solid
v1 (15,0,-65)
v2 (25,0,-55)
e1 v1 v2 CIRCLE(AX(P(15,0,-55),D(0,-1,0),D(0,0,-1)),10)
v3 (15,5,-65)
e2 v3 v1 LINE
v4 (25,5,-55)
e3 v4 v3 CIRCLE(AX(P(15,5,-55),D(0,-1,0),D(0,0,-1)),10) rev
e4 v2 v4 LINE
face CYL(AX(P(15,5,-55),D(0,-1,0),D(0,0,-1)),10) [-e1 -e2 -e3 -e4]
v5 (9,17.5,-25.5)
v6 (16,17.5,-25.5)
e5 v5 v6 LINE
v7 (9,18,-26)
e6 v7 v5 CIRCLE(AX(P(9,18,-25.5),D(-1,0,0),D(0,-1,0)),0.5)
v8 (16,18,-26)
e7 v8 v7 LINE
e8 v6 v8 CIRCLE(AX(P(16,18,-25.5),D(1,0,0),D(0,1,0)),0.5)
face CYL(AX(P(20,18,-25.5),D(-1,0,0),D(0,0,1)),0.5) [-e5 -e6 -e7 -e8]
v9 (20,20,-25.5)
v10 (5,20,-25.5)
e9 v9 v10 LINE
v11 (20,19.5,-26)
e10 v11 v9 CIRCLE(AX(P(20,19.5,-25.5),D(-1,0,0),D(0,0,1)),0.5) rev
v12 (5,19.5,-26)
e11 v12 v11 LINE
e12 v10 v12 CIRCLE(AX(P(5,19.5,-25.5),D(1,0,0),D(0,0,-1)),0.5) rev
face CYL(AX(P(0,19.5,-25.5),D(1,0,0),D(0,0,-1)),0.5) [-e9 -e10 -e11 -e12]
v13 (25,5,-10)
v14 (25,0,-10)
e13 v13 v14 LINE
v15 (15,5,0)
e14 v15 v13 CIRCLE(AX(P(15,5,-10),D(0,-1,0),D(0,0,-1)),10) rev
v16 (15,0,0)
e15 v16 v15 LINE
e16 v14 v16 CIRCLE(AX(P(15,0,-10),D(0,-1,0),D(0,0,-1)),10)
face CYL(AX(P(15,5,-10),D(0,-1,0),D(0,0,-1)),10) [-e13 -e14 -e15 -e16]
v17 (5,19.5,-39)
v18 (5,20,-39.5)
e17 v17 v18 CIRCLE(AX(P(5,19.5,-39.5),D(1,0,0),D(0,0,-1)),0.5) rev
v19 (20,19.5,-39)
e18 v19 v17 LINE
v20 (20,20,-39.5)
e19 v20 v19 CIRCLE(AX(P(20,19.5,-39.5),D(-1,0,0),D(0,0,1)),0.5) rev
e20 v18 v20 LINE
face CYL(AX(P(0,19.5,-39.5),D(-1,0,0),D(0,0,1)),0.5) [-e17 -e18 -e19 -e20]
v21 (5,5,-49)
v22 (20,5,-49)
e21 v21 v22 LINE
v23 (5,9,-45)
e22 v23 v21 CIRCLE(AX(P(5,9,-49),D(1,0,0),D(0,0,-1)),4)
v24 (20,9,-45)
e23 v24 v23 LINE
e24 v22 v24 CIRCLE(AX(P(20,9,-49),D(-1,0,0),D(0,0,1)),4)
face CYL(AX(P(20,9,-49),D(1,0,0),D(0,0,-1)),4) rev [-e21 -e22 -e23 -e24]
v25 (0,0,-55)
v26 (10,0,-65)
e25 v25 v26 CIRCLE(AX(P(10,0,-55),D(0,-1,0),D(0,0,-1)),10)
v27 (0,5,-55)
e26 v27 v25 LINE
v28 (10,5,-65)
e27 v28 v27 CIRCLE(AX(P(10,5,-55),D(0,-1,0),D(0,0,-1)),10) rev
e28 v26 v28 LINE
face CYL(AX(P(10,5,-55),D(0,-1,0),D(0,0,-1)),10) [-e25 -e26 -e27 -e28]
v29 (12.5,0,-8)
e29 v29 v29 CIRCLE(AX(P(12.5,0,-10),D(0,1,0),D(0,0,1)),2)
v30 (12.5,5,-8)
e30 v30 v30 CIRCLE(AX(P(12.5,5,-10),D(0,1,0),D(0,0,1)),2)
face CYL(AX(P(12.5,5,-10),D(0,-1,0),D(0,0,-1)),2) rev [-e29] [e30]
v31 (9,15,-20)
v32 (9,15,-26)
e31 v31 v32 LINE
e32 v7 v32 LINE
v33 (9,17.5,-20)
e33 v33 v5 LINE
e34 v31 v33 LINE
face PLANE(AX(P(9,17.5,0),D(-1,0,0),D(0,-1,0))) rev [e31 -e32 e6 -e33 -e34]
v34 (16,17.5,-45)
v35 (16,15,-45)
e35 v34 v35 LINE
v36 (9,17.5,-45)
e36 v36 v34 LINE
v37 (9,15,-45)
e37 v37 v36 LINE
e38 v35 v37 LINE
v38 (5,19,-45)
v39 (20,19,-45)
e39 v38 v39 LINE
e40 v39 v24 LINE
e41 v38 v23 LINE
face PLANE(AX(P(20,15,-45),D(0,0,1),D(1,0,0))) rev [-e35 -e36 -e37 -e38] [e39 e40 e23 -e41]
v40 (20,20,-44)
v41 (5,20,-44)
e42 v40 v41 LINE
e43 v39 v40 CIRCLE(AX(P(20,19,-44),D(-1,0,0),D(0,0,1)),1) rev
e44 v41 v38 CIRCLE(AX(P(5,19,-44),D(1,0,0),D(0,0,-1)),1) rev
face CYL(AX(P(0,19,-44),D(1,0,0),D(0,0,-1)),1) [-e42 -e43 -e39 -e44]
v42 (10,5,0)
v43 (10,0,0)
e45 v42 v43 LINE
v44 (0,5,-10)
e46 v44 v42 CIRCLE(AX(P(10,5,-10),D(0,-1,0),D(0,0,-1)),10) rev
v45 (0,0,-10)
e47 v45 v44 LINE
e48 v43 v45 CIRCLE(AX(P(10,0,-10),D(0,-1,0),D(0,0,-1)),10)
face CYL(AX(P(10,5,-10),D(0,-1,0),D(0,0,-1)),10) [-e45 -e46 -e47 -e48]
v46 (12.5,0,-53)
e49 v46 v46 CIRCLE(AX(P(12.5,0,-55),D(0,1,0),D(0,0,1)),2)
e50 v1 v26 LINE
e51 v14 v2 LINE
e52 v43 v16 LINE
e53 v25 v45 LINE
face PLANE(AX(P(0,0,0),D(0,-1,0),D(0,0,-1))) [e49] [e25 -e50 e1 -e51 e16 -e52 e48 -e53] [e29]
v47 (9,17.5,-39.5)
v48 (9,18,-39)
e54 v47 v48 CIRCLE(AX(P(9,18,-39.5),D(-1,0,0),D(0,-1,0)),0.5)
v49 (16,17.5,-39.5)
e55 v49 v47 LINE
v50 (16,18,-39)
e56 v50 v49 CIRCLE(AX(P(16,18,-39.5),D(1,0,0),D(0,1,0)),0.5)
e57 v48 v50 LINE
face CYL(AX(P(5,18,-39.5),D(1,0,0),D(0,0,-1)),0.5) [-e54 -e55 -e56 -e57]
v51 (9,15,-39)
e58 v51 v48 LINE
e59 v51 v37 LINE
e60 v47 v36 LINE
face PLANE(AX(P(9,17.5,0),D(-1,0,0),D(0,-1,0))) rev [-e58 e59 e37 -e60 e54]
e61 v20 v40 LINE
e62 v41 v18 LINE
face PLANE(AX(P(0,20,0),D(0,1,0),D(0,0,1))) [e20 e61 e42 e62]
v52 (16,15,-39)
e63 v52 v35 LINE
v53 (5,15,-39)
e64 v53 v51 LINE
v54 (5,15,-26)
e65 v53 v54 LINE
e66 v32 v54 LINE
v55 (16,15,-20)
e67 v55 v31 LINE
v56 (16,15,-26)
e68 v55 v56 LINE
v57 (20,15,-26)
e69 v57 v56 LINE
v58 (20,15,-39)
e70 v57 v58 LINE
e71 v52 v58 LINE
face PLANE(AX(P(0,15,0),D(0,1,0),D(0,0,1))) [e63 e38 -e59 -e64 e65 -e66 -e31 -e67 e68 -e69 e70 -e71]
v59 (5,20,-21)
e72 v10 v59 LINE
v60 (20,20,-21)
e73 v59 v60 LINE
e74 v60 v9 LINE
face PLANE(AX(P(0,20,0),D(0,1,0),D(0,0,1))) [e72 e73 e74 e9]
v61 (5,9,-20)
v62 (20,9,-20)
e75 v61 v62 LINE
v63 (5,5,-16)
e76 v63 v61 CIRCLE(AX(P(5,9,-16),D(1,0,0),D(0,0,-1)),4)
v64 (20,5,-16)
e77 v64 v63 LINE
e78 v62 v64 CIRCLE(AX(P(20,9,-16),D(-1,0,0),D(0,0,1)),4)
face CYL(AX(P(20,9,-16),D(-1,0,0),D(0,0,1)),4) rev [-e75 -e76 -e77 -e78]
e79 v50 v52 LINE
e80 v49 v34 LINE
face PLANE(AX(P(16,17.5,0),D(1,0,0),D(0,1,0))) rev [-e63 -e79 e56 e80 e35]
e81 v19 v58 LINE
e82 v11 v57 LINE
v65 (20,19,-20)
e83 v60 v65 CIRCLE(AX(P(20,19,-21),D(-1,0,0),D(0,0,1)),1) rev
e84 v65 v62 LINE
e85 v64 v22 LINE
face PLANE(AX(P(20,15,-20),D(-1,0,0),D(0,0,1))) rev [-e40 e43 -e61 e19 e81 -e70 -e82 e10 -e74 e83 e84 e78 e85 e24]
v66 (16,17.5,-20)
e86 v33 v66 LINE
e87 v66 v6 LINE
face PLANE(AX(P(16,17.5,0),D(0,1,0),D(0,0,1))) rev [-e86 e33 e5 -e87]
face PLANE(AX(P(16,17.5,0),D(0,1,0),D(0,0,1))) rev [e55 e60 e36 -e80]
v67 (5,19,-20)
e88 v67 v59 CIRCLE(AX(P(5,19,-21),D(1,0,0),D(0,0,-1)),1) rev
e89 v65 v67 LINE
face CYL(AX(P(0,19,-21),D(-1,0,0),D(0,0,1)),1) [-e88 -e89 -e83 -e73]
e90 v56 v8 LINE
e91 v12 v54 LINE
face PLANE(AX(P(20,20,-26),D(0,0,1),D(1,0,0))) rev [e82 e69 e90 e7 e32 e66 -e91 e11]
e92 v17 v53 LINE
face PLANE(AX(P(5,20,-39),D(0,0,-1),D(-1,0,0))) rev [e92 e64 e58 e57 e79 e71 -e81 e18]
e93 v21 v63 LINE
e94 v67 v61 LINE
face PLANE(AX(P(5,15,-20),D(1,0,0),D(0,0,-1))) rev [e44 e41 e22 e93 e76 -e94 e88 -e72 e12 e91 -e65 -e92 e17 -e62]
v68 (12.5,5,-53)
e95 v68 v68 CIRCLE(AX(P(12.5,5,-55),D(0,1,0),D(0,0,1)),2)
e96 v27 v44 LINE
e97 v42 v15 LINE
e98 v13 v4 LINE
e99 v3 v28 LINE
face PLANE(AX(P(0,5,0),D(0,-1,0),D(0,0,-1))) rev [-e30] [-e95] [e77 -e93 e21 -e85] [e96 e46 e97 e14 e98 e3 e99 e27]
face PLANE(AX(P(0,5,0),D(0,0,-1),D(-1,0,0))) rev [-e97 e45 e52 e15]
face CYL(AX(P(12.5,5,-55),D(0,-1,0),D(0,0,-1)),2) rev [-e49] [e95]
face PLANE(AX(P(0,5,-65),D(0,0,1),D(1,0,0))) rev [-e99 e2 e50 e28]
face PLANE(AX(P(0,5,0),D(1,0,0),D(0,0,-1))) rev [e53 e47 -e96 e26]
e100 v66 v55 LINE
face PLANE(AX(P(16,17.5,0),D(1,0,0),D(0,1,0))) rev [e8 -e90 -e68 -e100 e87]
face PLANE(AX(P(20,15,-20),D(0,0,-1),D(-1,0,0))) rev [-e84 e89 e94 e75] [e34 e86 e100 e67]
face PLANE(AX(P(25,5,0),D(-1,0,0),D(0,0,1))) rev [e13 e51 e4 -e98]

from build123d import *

# Parameters (mm, degrees)
SKETCH1_W           = 25
SKETCH1_H           = 65
BOSS_EXTRUDE1_DEPTH = 5
SKETCH2_R           = 2
CUT_EXTRUDE1_DEPTH  = 6
SKETCH3_W           = 15
SKETCH3_H           = 25
BOSS_EXTRUDE2_DEPTH = 10
SKETCH4_W           = 15
SKETCH4_H           = 6
BOSS_EXTRUDE3_DEPTH = 5
SKETCH5_W           = 7
SKETCH5_H           = 2.5
CUT_EXTRUDE2_DEPTH  = 46
FILLET1_R           = 0.5
FILLET2_R           = 0.5
FILLET3_R           = 1
FILLET4_R           = 10
FILLET5_R           = 4


with BuildPart() as part:
    # Sketch1 → Boss-Extrude1 (new body)
    with BuildSketch(Plane(origin=(0, 0, 0), x_dir=(1, 0, 0), z_dir=(0, 1, 0))):
        with Locations((12.5, 32.5)):
            Rectangle(SKETCH1_W, SKETCH1_H)
    extrude(amount=BOSS_EXTRUDE1_DEPTH)

    # Sketch2 → Cut-Extrude1 (cut, through all)
    with BuildSketch(Plane(origin=(0, 0, 0), x_dir=(1, 0, 0), z_dir=(0, 1, 0))):
        with Locations((12.5, 55)):
            Circle(SKETCH2_R)
        with Locations((12.5, 10)):
            Circle(SKETCH2_R)
    extrude(amount=CUT_EXTRUDE1_DEPTH, mode=Mode.SUBTRACT)

    # Sketch3 → Boss-Extrude2 (add)
    with BuildSketch(Plane(origin=(0, 5, 0), x_dir=(1, 0, 0), z_dir=(0, 1, 0))):
        with Locations((12.5, 32.5)):
            Rectangle(SKETCH3_W, SKETCH3_H)
    extrude(amount=BOSS_EXTRUDE2_DEPTH)

    # Sketch4 → Boss-Extrude3 (add)
    with BuildSketch(Plane(origin=(0, 15, 0), x_dir=(1, 0, 0), z_dir=(0, 1, 0))):
        with Locations((12.5, 42)):
            Rectangle(SKETCH4_W, SKETCH4_H)
        with Locations((12.5, 23)):
            Rectangle(SKETCH4_W, SKETCH4_H)
    extrude(amount=BOSS_EXTRUDE3_DEPTH)

    # Sketch5 → Cut-Extrude2 (cut, through all)
    with BuildSketch(Plane(origin=(0, 0, -45), x_dir=(-1, 0, 0), z_dir=(0, 0, -1))):
        with Locations((-12.5, 16.25)):
            Rectangle(SKETCH5_W, SKETCH5_H)
    extrude(amount=-CUT_EXTRUDE2_DEPTH, mode=Mode.SUBTRACT)

    # Fillet1
    fillet1_edges = [part.edges().sort_by_distance(p)[0] for p in [
        (12.5, 20, -39),
        (12.5, 17.5, -39),
    ]]
    fillet(fillet1_edges, radius=FILLET1_R)

    # Fillet2
    fillet2_edges = [part.edges().sort_by_distance(p)[0] for p in [
        (12.5, 20, -26),
        (12.5, 17.5, -26),
    ]]
    fillet(fillet2_edges, radius=FILLET2_R)

    # Fillet3
    fillet3_edges = [part.edges().sort_by_distance(p)[0] for p in [
        (12.5, 20, -45),
        (12.5, 20, -20),
    ]]
    fillet(fillet3_edges, radius=FILLET3_R)

    # Fillet4
    fillet4_edges = [part.edges().sort_by_distance(p)[0] for p in [
        (0, 2.5, -65),
        (25, 2.5, -65),
        (25, 2.5, 0),
        (0, 2.5, 0),
    ]]
    fillet(fillet4_edges, radius=FILLET4_R)

    # Fillet5
    fillet5_edges = [part.edges().sort_by_distance(p)[0] for p in [
        (12.5, 5, -45),
        (12.5, 5, -20),
    ]]
    fillet(fillet5_edges, radius=FILLET5_R)


solid = part.part
